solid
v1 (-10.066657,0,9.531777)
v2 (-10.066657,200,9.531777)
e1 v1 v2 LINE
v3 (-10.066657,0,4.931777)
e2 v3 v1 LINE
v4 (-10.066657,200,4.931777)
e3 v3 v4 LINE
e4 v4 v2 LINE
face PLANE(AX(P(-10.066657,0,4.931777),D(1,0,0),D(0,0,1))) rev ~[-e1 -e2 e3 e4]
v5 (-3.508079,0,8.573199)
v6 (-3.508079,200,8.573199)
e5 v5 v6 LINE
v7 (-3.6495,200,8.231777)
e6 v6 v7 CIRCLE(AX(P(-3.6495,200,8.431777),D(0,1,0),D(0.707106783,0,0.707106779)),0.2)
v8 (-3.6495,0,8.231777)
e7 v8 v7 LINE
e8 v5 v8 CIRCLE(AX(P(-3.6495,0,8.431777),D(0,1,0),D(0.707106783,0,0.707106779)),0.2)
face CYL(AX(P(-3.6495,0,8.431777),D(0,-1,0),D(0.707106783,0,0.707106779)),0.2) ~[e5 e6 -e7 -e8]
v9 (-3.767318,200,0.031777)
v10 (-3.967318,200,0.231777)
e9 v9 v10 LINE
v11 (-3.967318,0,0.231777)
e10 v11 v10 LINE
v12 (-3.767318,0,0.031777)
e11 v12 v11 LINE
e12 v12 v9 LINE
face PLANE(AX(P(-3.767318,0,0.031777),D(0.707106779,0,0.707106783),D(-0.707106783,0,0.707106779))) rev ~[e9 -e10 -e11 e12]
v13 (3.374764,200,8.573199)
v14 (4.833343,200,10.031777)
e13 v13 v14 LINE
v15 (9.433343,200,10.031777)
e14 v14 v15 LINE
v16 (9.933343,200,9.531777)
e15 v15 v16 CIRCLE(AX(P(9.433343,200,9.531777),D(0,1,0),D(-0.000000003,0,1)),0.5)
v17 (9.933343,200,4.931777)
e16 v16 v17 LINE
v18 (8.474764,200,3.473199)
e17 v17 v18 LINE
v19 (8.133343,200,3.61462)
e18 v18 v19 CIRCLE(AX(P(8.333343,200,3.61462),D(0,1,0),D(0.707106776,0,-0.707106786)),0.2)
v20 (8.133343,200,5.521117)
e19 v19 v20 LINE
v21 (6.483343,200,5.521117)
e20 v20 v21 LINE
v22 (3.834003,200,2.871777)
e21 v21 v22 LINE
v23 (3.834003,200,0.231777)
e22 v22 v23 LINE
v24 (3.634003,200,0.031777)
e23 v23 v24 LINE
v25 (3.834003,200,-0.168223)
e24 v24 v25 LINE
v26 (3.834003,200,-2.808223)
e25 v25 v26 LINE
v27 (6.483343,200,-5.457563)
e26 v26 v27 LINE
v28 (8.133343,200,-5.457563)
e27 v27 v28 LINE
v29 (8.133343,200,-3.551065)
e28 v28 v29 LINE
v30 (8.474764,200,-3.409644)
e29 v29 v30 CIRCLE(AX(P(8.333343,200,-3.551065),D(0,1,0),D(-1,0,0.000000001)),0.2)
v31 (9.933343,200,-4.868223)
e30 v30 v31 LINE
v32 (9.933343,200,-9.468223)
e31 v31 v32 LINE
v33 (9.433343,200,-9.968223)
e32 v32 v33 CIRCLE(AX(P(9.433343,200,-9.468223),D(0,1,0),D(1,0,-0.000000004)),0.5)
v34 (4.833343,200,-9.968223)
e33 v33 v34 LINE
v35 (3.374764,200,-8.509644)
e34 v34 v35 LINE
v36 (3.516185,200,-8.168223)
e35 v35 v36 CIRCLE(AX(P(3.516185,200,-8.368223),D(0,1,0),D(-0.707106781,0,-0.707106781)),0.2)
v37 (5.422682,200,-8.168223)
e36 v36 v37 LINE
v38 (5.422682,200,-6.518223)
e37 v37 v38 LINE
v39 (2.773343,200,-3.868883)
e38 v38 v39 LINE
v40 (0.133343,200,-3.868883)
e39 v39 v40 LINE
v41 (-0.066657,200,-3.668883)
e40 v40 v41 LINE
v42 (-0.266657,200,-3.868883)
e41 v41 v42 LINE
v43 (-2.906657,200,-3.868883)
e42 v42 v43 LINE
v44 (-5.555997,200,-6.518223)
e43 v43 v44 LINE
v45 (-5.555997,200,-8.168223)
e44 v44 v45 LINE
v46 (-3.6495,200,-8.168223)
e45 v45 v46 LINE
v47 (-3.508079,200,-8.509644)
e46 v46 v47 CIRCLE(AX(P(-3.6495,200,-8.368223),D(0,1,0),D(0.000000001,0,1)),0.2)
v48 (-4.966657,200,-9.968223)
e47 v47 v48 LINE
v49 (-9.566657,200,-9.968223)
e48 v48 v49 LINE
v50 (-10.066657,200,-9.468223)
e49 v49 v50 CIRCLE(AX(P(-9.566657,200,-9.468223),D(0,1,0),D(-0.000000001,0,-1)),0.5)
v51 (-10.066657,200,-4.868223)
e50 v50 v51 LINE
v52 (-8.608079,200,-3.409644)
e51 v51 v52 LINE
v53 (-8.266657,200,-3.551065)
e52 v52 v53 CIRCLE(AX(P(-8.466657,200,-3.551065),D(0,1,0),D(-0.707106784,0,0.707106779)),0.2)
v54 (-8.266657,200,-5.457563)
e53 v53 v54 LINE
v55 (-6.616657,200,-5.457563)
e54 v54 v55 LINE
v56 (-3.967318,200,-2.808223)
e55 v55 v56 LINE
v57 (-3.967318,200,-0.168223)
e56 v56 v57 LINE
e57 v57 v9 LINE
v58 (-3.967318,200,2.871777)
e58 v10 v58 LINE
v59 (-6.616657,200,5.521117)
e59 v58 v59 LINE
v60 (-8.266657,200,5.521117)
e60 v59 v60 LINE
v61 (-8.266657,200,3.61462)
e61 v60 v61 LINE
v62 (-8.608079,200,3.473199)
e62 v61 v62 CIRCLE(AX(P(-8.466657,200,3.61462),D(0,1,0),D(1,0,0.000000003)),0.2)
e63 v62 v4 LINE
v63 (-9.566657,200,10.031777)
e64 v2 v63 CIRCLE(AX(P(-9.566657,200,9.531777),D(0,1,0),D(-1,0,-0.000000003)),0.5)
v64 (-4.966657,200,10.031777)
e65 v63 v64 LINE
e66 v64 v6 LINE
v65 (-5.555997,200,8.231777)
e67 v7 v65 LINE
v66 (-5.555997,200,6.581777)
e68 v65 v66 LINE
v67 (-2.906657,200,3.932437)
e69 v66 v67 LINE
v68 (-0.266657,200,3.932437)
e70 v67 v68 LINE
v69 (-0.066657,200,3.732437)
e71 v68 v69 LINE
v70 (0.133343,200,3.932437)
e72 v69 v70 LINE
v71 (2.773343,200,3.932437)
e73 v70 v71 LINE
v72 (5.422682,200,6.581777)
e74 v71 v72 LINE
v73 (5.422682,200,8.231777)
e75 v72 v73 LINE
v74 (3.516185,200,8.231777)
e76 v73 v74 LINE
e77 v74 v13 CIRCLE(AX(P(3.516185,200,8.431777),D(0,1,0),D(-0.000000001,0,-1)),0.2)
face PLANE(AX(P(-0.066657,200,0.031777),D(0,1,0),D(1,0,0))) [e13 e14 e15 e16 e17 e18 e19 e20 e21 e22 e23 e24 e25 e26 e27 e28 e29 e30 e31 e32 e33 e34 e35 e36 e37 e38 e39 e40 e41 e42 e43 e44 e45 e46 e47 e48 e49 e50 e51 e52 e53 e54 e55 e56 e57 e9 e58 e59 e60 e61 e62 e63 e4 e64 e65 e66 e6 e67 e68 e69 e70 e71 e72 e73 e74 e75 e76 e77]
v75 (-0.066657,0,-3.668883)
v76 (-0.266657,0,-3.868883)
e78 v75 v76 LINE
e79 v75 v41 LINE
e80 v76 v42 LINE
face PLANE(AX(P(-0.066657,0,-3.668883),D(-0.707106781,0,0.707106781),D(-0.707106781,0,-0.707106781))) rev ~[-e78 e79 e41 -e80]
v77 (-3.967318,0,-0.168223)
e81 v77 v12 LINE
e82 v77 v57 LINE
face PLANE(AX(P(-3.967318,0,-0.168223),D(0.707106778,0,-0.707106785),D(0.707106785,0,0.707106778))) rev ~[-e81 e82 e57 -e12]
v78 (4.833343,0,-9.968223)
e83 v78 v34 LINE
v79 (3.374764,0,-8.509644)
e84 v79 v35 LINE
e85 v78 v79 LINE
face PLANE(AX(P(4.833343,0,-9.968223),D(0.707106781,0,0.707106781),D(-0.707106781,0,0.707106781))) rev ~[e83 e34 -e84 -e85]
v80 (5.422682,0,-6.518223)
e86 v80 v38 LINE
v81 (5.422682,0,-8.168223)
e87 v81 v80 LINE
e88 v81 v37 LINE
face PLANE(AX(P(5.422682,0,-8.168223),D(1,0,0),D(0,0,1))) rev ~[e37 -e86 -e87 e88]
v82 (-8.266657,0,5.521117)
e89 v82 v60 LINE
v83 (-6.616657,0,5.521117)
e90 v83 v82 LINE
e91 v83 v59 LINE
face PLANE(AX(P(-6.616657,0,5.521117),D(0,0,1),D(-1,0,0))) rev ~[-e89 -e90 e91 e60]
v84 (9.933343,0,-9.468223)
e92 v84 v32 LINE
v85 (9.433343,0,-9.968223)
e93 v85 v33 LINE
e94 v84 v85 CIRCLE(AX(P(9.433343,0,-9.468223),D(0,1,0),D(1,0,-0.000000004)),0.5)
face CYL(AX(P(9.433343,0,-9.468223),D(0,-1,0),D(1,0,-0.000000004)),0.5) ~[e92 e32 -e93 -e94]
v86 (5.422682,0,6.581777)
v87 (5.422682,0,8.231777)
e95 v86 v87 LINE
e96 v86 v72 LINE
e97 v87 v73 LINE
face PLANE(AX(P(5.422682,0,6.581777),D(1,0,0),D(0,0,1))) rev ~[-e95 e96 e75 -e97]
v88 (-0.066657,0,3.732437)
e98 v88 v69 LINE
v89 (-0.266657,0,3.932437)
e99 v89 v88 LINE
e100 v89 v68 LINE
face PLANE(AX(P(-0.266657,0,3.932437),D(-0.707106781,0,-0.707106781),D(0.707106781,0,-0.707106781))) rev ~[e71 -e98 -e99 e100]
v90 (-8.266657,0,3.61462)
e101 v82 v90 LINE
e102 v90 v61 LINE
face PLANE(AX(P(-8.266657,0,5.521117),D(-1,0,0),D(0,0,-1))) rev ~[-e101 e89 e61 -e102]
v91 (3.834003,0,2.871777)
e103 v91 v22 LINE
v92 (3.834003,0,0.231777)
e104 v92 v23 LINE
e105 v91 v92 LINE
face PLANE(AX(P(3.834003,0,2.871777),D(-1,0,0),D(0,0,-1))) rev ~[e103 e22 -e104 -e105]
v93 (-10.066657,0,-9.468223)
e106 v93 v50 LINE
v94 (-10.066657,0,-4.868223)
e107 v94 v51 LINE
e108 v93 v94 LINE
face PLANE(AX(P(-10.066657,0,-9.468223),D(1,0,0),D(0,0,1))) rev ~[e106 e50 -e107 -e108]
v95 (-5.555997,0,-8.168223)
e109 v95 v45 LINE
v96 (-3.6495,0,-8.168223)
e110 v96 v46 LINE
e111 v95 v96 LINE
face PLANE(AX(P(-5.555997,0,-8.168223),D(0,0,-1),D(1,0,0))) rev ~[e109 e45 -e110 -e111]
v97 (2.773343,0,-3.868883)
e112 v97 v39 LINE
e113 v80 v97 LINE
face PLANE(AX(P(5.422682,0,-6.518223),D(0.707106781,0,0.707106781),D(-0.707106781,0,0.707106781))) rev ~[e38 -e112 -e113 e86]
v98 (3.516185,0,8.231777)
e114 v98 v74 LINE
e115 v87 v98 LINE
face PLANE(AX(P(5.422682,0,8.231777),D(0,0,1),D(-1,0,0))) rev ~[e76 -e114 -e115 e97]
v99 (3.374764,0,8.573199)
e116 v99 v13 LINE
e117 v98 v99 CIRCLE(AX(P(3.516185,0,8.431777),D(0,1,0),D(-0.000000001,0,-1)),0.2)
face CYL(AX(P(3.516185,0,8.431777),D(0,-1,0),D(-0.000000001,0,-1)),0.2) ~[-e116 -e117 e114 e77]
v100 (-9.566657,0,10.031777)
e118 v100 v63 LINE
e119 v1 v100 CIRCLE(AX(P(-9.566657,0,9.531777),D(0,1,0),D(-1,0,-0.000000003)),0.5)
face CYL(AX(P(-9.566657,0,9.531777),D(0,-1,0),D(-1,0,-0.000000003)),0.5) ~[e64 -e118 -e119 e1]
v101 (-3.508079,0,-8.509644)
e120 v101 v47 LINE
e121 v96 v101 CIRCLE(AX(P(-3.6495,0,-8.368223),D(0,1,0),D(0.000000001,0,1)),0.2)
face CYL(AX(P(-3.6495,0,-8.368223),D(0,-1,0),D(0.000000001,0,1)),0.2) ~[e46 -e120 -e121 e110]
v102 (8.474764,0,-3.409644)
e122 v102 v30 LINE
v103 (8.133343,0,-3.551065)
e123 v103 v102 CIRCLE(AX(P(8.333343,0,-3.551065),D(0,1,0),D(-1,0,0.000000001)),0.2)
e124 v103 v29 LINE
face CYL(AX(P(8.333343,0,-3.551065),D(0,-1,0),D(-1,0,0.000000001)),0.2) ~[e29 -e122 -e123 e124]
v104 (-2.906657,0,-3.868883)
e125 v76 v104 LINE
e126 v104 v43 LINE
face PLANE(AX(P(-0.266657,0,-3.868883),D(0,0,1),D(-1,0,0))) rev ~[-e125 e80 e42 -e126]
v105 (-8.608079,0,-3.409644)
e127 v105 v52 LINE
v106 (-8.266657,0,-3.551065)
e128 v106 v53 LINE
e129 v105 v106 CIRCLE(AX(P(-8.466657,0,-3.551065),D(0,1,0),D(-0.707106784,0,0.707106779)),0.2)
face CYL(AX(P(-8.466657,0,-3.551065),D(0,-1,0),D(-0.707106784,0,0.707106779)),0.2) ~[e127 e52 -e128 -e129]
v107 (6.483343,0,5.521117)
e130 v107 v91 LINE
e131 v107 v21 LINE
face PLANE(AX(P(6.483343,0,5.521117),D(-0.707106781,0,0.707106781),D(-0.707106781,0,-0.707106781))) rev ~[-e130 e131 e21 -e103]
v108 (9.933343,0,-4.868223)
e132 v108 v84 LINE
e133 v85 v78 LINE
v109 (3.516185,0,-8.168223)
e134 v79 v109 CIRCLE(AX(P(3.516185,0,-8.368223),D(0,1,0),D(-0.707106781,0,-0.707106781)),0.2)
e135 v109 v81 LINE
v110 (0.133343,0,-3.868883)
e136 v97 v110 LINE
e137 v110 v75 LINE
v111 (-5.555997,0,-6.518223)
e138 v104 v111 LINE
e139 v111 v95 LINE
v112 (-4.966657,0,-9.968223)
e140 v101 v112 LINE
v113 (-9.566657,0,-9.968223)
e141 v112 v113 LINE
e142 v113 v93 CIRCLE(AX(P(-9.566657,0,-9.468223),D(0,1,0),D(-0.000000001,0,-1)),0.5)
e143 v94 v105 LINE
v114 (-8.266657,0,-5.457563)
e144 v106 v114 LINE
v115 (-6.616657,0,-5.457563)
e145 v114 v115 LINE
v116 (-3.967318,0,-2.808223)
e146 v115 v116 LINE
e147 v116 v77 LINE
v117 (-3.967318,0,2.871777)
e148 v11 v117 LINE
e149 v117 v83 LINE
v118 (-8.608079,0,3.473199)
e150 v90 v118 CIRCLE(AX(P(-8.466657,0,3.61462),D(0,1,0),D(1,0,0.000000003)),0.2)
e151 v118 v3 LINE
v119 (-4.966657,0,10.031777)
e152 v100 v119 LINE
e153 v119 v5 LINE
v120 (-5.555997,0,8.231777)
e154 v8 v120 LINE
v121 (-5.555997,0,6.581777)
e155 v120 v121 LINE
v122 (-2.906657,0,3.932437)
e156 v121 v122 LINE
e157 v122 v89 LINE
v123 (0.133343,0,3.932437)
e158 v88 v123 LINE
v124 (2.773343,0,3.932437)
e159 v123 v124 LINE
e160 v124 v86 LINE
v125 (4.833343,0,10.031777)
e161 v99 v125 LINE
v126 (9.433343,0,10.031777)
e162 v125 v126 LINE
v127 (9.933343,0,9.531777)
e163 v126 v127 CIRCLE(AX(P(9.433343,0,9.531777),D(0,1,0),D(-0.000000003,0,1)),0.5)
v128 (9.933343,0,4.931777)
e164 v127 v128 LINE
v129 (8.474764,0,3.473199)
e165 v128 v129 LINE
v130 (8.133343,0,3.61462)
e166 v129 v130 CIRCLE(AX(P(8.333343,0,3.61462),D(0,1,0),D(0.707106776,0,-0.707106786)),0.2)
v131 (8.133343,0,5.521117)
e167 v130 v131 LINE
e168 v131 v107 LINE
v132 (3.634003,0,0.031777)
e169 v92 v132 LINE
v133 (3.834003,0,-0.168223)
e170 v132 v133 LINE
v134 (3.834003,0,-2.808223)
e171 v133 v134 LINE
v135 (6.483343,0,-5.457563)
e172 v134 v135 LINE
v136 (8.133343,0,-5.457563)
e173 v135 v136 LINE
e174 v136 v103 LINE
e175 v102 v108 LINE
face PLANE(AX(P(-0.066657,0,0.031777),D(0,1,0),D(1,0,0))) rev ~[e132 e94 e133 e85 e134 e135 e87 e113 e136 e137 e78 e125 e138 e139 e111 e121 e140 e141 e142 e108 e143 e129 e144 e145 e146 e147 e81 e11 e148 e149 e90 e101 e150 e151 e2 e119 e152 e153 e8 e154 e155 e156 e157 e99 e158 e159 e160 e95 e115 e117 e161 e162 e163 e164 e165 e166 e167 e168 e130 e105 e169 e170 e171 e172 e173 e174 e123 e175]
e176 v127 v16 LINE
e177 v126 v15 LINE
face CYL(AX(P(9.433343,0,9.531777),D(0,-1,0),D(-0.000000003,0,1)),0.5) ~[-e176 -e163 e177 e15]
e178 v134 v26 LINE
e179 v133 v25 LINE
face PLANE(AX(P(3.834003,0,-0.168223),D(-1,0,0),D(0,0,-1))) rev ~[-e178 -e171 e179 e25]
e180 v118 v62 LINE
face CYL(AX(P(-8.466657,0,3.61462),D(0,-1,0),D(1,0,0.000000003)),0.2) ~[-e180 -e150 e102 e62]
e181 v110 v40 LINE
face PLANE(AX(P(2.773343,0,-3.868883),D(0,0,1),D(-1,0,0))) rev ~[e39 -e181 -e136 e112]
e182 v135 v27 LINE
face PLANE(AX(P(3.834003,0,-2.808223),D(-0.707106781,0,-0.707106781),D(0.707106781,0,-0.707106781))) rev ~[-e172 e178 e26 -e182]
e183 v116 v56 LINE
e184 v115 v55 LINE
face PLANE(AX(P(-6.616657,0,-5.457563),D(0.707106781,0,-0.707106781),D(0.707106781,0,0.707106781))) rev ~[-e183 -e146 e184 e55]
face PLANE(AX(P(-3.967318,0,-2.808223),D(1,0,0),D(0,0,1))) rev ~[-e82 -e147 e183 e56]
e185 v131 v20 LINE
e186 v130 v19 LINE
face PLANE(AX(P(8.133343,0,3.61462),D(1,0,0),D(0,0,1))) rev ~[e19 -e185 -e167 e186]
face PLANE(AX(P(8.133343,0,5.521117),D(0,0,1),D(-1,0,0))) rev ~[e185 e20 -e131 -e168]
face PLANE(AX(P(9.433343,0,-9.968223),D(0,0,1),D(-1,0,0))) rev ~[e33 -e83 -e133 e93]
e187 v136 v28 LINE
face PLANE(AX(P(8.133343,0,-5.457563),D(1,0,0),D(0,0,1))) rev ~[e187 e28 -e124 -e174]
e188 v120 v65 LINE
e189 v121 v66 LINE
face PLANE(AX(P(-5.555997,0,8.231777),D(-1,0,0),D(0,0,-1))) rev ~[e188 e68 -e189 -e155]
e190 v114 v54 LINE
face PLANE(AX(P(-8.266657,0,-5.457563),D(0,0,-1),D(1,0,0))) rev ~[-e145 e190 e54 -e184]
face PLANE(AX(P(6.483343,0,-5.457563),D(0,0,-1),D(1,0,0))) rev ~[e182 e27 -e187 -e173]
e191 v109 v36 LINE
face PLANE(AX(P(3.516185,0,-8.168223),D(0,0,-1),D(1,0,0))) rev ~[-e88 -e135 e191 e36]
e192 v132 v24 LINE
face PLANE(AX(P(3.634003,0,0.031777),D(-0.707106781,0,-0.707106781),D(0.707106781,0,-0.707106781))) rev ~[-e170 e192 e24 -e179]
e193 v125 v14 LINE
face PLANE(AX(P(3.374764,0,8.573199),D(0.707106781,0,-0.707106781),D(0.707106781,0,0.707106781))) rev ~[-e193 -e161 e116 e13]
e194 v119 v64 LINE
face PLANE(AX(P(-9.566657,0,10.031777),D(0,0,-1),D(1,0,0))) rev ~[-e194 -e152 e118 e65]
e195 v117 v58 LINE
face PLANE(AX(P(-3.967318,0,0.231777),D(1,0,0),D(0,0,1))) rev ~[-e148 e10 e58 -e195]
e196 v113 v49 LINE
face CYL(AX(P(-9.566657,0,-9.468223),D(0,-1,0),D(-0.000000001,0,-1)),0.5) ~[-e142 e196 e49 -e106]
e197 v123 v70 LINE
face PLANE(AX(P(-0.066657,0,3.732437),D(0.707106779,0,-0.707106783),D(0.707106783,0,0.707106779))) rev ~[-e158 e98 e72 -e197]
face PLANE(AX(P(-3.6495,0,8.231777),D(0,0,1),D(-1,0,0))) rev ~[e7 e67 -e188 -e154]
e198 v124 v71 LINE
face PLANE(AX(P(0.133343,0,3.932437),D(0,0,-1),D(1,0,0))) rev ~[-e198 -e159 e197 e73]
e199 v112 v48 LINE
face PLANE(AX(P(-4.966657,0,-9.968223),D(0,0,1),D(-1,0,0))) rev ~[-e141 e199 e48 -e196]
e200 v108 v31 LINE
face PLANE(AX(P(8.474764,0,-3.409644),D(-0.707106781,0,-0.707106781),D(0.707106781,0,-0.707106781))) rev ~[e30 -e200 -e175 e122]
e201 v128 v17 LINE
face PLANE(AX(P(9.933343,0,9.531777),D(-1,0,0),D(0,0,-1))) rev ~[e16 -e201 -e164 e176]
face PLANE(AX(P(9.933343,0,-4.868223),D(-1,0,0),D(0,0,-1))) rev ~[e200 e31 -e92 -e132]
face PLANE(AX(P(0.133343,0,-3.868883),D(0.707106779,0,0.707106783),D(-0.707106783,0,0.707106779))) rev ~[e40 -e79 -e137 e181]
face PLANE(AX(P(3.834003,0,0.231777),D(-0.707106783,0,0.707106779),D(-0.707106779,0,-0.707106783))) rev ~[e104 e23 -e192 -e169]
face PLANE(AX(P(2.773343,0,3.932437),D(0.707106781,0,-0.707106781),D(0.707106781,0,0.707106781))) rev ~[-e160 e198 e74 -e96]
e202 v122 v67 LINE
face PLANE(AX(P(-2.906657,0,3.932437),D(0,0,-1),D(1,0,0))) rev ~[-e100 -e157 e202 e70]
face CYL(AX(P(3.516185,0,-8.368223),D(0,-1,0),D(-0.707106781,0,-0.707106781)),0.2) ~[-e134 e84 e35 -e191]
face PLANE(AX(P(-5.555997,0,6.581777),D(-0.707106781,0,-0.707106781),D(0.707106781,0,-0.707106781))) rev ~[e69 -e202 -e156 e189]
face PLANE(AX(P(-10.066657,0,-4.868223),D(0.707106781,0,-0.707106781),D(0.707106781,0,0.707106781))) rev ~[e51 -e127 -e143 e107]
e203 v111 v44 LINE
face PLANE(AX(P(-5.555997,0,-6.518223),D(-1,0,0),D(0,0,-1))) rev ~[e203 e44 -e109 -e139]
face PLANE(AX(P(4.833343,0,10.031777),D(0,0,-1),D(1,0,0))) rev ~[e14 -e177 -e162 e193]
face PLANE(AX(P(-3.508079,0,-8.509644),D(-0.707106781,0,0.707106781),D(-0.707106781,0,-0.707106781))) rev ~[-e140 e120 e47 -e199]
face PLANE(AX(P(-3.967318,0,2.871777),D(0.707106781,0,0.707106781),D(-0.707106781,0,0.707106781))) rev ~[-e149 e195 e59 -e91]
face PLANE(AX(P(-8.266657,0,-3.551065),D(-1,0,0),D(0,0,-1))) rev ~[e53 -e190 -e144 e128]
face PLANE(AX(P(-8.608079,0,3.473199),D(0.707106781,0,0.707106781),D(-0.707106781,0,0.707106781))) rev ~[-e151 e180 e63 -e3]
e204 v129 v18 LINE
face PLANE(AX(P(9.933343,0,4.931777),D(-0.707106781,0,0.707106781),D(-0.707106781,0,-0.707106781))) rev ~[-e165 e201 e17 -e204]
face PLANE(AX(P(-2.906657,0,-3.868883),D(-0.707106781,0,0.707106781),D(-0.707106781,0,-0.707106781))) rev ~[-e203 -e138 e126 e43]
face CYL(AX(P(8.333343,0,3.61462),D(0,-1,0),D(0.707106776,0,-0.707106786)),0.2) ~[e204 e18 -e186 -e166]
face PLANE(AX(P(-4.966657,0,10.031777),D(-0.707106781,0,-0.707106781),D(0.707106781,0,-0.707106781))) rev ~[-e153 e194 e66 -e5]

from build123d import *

# Parameters (mm, degrees)
BOSS_EXTRUDE1_DEPTH = 200


with BuildPart() as part:
    # Sketch1 → Boss-Extrude1 (new body)
    with BuildSketch(Plane(origin=(0, 0, 0), x_dir=(1, 0, 0), z_dir=(0, 1, 0))):
        with BuildLine():
            Line((-0.266657426, -3.932437418), (-0.066657426, -3.732437418))
            Line((-0.066657426, -3.732437418), (0.133342575, -3.932437418))
            Line((0.133342575, -3.932437418), (2.773342575, -3.932437418))
            Line((2.773342575, -3.932437418), (5.422682403, -6.581777247))
            Line((5.422682403, -6.581777247), (5.422682403, -8.231777247))
            Line((5.422682403, -8.231777247), (3.516185287, -8.231777247))
            ThreePointArc((3.516185287, -8.231777247), (3.331409381, -8.35524056), (3.37476393, -8.573198602))
            Line((3.37476393, -8.573198602), (4.833342574, -10.031777246))
            Line((4.833342574, -10.031777246), (9.433342574, -10.031777246))
            ThreePointArc((9.433342574, -10.031777246), (9.786895965, -9.885330637), (9.933342574, -9.531777246))
            Line((9.933342574, -9.531777246), (9.933342574, -4.931777246))
            Line((9.933342574, -4.931777246), (8.474763931, -3.473198602))
            ThreePointArc((8.474763931, -3.473198602), (8.256805888, -3.429844053), (8.133342575, -3.614619959))
            Line((8.133342575, -3.614619959), (8.133342575, -5.521117075))
            Line((8.133342575, -5.521117075), (6.483342575, -5.521117075))
            Line((6.483342575, -5.521117075), (3.834002746, -2.871777247))
            Line((3.834002746, -2.871777247), (3.834002746, -0.231777247))
            Line((3.834002746, -0.231777247), (3.634002746, -0.031777246))
            Line((3.634002746, -0.031777246), (3.834002746, 0.168222754))
            Line((3.834002746, 0.168222754), (3.834002746, 2.808222754))
            Line((3.834002746, 2.808222754), (6.483342575, 5.457562582))
            Line((6.483342575, 5.457562582), (8.133342575, 5.457562582))
            Line((8.133342575, 5.457562582), (8.133342575, 3.551065466))
            ThreePointArc((8.133342575, 3.551065466), (8.256805888, 3.36628956), (8.474763931, 3.40964411))
            Line((8.474763931, 3.40964411), (9.933342575, 4.868222753))
            Line((9.933342575, 4.868222753), (9.933342575, 9.468222753))
            ThreePointArc((9.933342575, 9.468222753), (9.786895965, 9.821776143), (9.433342575, 9.968222753))
            Line((9.433342575, 9.968222753), (4.833342575, 9.968222753))
            Line((4.833342575, 9.968222753), (3.374763931, 8.50964411))
            ThreePointArc((3.374763931, 8.50964411), (3.331409381, 8.291686067), (3.516185287, 8.168222754))
            Line((3.516185287, 8.168222754), (5.422682403, 8.168222754))
            Line((5.422682403, 8.168222754), (5.422682403, 6.518222754))
            Line((5.422682403, 6.518222754), (2.773342575, 3.868882925))
            Line((2.773342575, 3.868882925), (0.133342575, 3.868882925))
            Line((0.133342575, 3.868882925), (-0.066657426, 3.668882925))
            Line((-0.066657426, 3.668882925), (-0.266657426, 3.868882925))
            Line((-0.266657426, 3.868882925), (-2.906657426, 3.868882925))
            Line((-2.906657426, 3.868882925), (-5.555997254, 6.518222754))
            Line((-5.555997254, 6.518222754), (-5.555997254, 8.168222754))
            Line((-5.555997254, 8.168222754), (-3.649500138, 8.168222754))
            ThreePointArc((-3.649500138, 8.168222754), (-3.464724232, 8.291686067), (-3.508078782, 8.50964411))
            Line((-3.508078782, 8.50964411), (-4.966657426, 9.968222754))
            Line((-4.966657426, 9.968222754), (-9.566657426, 9.968222754))
            ThreePointArc((-9.566657426, 9.968222754), (-9.920210817, 9.821776144), (-10.066657426, 9.468222753))
            Line((-10.066657426, 9.468222753), (-10.066657426, 4.868222753))
            Line((-10.066657426, 4.868222753), (-8.608078782, 3.40964411))
            ThreePointArc((-8.608078782, 3.40964411), (-8.39012074, 3.366289559), (-8.266657426, 3.551065466))
            Line((-8.266657426, 3.551065466), (-8.266657426, 5.457562582))
            Line((-8.266657426, 5.457562582), (-6.616657426, 5.457562582))
            Line((-6.616657426, 5.457562582), (-3.967317598, 2.808222753))
            Line((-3.967317598, 2.808222753), (-3.967317598, 0.168222753))
            Line((-3.967317598, 0.168222753), (-3.767317597, -0.031777246))
            Line((-3.767317597, -0.031777246), (-3.967317598, -0.231777246))
            Line((-3.967317598, -0.231777246), (-3.967317598, -2.871777246))
            Line((-3.967317598, -2.871777246), (-6.616657426, -5.521117075))
            Line((-6.616657426, -5.521117075), (-8.266657426, -5.521117075))
            Line((-8.266657426, -5.521117075), (-8.266657426, -3.614619959))
            ThreePointArc((-8.266657426, -3.614619959), (-8.39012074, -3.429844052), (-8.608078782, -3.473198603))
            Line((-8.608078782, -3.473198603), (-10.066657426, -4.931777246))
            Line((-10.066657426, -4.931777246), (-10.066657426, -9.531777246))
            ThreePointArc((-10.066657426, -9.531777246), (-9.920210817, -9.885330637), (-9.566657426, -10.031777246))
            Line((-9.566657426, -10.031777246), (-4.966657426, -10.031777246))
            Line((-4.966657426, -10.031777246), (-3.508078782, -8.573198603))
            ThreePointArc((-3.508078782, -8.573198603), (-3.464724232, -8.35524056), (-3.649500138, -8.231777246))
            Line((-3.649500138, -8.231777246), (-5.555997254, -8.231777246))
            Line((-5.555997254, -8.231777246), (-5.555997254, -6.581777246))
            Line((-5.555997254, -6.581777246), (-2.906657426, -3.932437418))
            Line((-2.906657426, -3.932437418), (-0.266657426, -3.932437418))
        make_face()
    extrude(amount=BOSS_EXTRUDE1_DEPTH)


solid = part.part
